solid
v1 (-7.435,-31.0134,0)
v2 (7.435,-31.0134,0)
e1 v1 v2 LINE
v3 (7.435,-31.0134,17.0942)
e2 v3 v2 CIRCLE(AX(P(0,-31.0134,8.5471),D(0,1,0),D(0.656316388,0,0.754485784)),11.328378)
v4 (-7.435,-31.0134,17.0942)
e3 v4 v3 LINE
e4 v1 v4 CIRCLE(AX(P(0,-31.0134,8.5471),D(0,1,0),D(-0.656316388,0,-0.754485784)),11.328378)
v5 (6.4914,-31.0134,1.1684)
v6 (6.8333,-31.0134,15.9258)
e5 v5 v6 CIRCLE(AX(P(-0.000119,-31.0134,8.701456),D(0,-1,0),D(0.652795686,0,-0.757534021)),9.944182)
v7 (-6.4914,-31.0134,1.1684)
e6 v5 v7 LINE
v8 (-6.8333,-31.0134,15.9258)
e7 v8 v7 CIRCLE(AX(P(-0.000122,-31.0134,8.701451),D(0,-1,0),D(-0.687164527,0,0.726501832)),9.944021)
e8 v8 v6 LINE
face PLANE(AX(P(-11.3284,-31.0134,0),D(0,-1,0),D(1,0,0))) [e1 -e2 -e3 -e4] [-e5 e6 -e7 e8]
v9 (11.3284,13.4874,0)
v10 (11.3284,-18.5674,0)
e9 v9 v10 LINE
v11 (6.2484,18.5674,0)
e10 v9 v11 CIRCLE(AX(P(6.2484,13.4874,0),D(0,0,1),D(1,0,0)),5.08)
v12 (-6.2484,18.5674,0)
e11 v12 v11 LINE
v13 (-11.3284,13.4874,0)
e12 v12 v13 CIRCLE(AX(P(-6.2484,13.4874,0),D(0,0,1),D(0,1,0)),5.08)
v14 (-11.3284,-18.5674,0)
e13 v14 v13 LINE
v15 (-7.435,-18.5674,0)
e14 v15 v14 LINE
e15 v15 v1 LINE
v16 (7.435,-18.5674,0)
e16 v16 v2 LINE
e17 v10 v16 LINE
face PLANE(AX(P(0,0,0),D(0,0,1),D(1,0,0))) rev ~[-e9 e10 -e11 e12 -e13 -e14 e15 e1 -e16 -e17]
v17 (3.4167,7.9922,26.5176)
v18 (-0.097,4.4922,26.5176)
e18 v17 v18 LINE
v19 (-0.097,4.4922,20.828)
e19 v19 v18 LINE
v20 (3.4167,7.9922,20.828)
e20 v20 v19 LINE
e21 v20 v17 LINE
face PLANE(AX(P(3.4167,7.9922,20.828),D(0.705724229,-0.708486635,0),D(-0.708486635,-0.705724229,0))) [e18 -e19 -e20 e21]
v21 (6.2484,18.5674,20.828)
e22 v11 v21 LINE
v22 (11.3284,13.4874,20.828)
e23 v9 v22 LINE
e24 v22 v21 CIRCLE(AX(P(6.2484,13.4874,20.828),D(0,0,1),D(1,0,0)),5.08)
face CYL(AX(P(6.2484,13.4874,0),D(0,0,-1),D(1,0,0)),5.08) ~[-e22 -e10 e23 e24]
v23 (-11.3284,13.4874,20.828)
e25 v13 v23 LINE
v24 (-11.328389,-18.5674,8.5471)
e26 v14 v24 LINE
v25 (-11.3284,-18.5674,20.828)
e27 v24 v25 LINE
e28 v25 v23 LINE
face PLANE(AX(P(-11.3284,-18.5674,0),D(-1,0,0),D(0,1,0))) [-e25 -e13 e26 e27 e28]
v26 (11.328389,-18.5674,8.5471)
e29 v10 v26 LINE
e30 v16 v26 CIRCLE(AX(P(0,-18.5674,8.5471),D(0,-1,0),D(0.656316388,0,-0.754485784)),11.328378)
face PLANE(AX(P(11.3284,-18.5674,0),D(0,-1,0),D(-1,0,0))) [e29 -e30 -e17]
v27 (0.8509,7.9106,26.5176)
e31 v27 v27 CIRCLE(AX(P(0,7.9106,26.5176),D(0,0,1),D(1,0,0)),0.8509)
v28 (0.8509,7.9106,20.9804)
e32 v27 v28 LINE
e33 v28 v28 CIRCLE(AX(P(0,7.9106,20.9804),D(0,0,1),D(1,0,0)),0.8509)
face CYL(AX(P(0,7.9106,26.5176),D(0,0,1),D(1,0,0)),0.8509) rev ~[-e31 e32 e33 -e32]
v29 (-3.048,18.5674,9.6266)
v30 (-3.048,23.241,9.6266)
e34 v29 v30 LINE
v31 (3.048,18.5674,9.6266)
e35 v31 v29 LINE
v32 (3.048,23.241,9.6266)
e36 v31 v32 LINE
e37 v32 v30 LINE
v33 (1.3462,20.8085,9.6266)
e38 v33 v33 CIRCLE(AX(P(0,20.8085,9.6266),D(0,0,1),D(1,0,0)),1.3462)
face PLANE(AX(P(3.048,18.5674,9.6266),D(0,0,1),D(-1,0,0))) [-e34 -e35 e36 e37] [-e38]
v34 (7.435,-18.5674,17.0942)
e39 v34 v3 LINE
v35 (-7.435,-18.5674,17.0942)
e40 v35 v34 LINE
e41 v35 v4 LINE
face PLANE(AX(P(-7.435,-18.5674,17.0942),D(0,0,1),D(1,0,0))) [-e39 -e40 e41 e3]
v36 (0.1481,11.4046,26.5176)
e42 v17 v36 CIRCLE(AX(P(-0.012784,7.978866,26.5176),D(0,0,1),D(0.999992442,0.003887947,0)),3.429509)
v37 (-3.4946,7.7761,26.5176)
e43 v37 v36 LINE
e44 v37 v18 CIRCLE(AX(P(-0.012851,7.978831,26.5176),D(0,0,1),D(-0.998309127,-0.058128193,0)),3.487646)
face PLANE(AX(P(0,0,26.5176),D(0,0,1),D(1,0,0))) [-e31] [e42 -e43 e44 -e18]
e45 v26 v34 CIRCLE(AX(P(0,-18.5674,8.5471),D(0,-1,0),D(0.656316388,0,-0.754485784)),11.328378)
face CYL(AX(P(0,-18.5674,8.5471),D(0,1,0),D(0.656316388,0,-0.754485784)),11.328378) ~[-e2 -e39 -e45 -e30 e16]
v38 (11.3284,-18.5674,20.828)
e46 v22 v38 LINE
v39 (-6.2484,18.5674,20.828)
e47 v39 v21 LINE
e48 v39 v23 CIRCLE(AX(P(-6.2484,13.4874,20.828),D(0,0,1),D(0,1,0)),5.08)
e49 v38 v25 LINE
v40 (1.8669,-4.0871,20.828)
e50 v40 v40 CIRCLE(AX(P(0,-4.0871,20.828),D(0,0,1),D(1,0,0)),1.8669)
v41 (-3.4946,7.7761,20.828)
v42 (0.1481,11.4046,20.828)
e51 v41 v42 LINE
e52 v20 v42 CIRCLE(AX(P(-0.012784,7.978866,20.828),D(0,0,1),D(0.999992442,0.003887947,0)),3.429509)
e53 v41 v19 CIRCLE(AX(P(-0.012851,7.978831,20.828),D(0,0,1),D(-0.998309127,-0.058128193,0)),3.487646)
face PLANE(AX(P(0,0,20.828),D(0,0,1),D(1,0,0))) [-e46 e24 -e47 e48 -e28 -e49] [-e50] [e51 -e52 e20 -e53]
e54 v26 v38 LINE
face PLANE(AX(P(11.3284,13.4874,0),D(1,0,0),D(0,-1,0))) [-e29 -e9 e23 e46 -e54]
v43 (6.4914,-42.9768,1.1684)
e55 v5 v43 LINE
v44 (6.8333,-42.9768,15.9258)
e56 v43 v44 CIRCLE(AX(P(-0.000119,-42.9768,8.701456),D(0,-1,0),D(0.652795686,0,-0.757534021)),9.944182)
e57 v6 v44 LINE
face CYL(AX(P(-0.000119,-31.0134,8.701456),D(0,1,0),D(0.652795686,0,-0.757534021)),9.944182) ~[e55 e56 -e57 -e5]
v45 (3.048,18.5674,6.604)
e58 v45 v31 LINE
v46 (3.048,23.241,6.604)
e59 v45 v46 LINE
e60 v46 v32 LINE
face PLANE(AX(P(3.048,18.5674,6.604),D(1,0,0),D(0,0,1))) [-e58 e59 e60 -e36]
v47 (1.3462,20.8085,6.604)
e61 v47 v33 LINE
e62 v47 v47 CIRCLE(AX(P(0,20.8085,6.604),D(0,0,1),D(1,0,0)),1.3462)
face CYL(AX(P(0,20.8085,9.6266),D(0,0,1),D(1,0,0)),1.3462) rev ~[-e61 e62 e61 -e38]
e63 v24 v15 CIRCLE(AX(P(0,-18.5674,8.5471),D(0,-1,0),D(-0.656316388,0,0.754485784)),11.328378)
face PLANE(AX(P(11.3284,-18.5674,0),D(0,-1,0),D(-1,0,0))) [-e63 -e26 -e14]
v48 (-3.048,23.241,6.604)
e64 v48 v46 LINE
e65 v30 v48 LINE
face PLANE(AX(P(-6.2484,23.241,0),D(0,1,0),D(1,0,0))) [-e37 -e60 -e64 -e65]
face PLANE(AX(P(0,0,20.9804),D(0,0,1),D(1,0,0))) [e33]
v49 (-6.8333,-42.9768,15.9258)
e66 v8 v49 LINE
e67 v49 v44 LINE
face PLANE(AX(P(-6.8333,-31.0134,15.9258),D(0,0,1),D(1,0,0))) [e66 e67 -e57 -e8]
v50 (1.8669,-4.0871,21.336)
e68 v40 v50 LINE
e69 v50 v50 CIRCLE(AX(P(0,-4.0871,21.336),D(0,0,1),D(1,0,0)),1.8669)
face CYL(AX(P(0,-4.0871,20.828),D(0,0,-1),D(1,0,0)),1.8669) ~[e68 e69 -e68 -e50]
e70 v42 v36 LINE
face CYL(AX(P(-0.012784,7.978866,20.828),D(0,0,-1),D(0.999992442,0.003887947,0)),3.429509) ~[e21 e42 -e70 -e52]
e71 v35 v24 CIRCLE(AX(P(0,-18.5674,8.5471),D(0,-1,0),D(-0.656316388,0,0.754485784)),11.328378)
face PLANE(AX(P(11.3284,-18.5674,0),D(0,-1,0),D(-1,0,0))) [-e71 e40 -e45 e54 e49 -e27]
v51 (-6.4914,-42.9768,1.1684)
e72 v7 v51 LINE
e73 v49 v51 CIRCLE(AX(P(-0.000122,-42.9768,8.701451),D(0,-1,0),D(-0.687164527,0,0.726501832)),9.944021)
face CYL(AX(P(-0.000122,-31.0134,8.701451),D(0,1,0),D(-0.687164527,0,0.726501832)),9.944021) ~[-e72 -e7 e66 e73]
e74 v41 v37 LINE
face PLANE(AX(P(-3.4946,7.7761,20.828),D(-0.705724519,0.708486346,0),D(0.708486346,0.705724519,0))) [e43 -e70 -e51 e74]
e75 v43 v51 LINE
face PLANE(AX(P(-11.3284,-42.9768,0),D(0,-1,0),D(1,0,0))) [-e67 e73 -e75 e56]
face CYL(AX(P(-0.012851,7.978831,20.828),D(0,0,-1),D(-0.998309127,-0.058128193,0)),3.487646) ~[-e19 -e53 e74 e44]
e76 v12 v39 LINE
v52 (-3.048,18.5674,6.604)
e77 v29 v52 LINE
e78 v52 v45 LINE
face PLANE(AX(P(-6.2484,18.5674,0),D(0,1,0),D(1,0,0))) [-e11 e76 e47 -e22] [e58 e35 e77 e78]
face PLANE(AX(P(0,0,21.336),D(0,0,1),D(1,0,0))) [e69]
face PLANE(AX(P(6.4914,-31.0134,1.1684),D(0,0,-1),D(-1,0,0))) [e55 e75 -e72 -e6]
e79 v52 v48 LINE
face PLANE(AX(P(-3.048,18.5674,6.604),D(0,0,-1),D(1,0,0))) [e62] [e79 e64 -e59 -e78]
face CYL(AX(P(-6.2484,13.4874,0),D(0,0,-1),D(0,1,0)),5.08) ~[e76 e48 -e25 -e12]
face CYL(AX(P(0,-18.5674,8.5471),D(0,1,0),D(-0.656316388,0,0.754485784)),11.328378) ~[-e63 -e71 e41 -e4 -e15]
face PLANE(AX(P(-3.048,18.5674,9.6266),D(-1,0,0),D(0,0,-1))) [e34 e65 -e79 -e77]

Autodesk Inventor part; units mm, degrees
ref_plane "YZ Plane" through (0, 0, 0) normal (1, 0, 0) x (0, 1, 0)
ref_plane "XZ Plane" through (0, 0, 0) normal (0, 1, 0) x (-1, 0, 0)
ref_plane "XY Plane" through (0, 0, 0) normal (0, 0, 1) x (1, 0, 0)
sketch "Sketch1" plane through (0, 0, 0) normal (0, 0, 1) x (1, 0, 0)
  line L0 (-6.2484, 18.5674) -> (6.2484, 18.5674)
  line L1 (11.3284, 13.4874) -> (11.3284, -18.5674)
  line L2 (11.3284, -18.5674) -> (-11.3284, -18.5674)
  line L3 (-11.3284, -18.5674) -> (-11.3284, 13.4874)
  line L4 (-11.3284, 18.5674) -> (11.3284, -18.5674) construction
  line L5 (11.3284, 18.5674) -> (-11.3284, -18.5674) construction
  arc A0 (-6.2484, 18.5674) -> (-11.3284, 13.4874) centre (-6.2484, 13.4874) ccw
  arc A1 (11.3284, 13.4874) -> (6.2484, 18.5674) centre (6.2484, 13.4874) ccw
  point P0 (0, 0)
  dimension "d1" = 37.1348
  dimension "d2" = 5.08
  dimension "d45" = 22.6568
extrude "Extrusion1" add sketch "Sketch1" along normal blind 20.828
sketch "Sketch2" plane through (0, 0, 20.828) normal (0, 0, 1) x (1, 0, 0)
  line L0 (-3.4946, 7.7761) -> (0.1481, 11.4046)
  line L1 (3.4167, 7.9922) -> (-0.097, 4.4922)
  line L2 (6.2484, 18.5674) -> (-6.2484, 18.5674) projected
  arc A0 (3.4167, 7.9922) -> (0.1481, 11.4046) centre (-0.0127, 7.9789) ccw
  arc A1 (-3.4946, 7.7761) -> (-0.097, 4.4922) centre (-0.0127, 7.9789) ccw
  point P0 (0, 0)
  dimension "d9" = 7.1628
  dimension "d11" = 4.7244
extrude "Extrusion2" add sketch "Sketch2" along normal blind 5.6896
sketch "Sketch3" plane through (0, 0, 26.5176) normal (0, 0, 1) x (1, 0, 0)
  circle A0 centre (0, 7.9106) radius 0.8509
  point P0 (0, 0)
  dimension "d14" = 1.7018
extrude "Extrusion3" cut sketch "Sketch3" against normal blind 5.5372
sketch "Sketch4" plane through (-6.2484, 18.5674, 0) normal (0, 1, 0) x (1, 0, 0)
  line L0 (3.2004, -6.604) -> (9.2964, -6.604)
  line L1 (9.2964, -6.604) -> (9.2964, -9.6266)
  line L2 (9.2964, -9.6266) -> (3.2004, -9.6266)
  line L3 (3.2004, -9.6266) -> (3.2004, -6.604)
  line L4 (3.2004, -6.604) -> (9.2964, -9.6266) construction
  line L5 (9.2964, -6.604) -> (3.2004, -9.6266) construction
  line L6 (12.4968, 0) -> (0, 0) projected
  point P0 (6.2484, 0)
  point P1 (6.2484, -8.1153)
  point P2 (6.2484, -8.1153)
  point P3 (6.2484, 0)
  dimension "d17" = 6.096
  dimension "d18" = 3.0226
  dimension "d19" = 6.604
extrude "Extrusion4" add sketch "Sketch4" along normal blind 4.6736
sketch "Sketch5" plane through (-3.048, 18.5674, 9.6266) normal (0, 0, 1) x (1, 0, 0)
  circle A0 centre (3.048, 2.2411) radius 1.3462
  point P0 (3.048, -18.5674)
  dimension "d22" = 2.6924
extrude "Extrusion5" cut sketch "Sketch5" against normal blind 4.6736 and the other way blind 2.3368
sketch "Sketch6" plane through (0, 0, 20.828) normal (0, 0, 1) x (1, 0, 0)
  circle A0 centre (0, -4.0871) radius 1.8669
  line L0 (-0.097, 4.4922) -> (3.4167, 7.9922) projected
  point P0 (0, 0)
  dimension "d27" = 3.7338
  dimension "d28" = 6.1468
extrude "Extrusion6" add sketch "Sketch6" along normal blind 0.508
sketch "Sketch8" plane through (-11.3284, -18.5674, 0) normal (0, -1, 0) x (1, 0, 0)
  line L0 (0, 0) -> (22.6568, 0) projected
  line L1 (3.8934, 17.0942) -> (18.7634, 17.0942)
  line L2 (22.6568, 17.0942) -> (22.6568, 0)
  line L3 (22.6568, 0) -> (0, 0)
  line L4 (0, 0) -> (0, 17.0942)
  line L5 (0, 20.828) -> (22.6568, 20.828) projected
  line L6 (22.6568, 0) -> (22.6568, 20.828) projected
  arc A0 (18.7634, 0) -> (18.7634, 17.0942) centre (11.3284, 8.5471) ccw
  arc A1 (3.8934, 17.0942) -> (3.8934, 0) centre (11.3284, 8.5471) ccw
  point P0 (11.3284, 0)
  point P1 (11.3284, 8.5471)
  point P2 (11.3284, 20.828)
extrude "Extrusion8" add sketch "Sketch8" along normal blind 12.446 contours A1 L1 A0 L0
sketch "Sketch9" plane through (-11.3284, -31.0134, 0) normal (0, -1, 0) x (1, 0, 0)
  line L0 (4.4951, 15.9258) -> (18.1617, 15.9258)
  line L1 (17.8198, 1.1684) -> (4.837, 1.1684)
  arc A0 (4.4951, 15.9258) -> (4.837, 1.1684) centre (11.3284, 8.7014) ccw
  arc A1 (17.8198, 1.1684) -> (18.1617, 15.9258) centre (11.3284, 8.7014) ccw
  line L2 (18.7634, 17.0942) -> (3.8934, 17.0942) projected
  line L3 (3.8934, 0) -> (18.7634, 0) projected
  point P0 (11.3284, 0)
  point P1 (11.3284, 8.7014)
  point P2 (11.3284, 8.7014)
  point P3 (11.3284, 8.7014)
  dimension "d53" = 1.1684
  dimension "d54" = 1.1684
extrude "Extrusion9" add sketch "Sketch9" along normal blind 11.9634
properties part number "Motor"
